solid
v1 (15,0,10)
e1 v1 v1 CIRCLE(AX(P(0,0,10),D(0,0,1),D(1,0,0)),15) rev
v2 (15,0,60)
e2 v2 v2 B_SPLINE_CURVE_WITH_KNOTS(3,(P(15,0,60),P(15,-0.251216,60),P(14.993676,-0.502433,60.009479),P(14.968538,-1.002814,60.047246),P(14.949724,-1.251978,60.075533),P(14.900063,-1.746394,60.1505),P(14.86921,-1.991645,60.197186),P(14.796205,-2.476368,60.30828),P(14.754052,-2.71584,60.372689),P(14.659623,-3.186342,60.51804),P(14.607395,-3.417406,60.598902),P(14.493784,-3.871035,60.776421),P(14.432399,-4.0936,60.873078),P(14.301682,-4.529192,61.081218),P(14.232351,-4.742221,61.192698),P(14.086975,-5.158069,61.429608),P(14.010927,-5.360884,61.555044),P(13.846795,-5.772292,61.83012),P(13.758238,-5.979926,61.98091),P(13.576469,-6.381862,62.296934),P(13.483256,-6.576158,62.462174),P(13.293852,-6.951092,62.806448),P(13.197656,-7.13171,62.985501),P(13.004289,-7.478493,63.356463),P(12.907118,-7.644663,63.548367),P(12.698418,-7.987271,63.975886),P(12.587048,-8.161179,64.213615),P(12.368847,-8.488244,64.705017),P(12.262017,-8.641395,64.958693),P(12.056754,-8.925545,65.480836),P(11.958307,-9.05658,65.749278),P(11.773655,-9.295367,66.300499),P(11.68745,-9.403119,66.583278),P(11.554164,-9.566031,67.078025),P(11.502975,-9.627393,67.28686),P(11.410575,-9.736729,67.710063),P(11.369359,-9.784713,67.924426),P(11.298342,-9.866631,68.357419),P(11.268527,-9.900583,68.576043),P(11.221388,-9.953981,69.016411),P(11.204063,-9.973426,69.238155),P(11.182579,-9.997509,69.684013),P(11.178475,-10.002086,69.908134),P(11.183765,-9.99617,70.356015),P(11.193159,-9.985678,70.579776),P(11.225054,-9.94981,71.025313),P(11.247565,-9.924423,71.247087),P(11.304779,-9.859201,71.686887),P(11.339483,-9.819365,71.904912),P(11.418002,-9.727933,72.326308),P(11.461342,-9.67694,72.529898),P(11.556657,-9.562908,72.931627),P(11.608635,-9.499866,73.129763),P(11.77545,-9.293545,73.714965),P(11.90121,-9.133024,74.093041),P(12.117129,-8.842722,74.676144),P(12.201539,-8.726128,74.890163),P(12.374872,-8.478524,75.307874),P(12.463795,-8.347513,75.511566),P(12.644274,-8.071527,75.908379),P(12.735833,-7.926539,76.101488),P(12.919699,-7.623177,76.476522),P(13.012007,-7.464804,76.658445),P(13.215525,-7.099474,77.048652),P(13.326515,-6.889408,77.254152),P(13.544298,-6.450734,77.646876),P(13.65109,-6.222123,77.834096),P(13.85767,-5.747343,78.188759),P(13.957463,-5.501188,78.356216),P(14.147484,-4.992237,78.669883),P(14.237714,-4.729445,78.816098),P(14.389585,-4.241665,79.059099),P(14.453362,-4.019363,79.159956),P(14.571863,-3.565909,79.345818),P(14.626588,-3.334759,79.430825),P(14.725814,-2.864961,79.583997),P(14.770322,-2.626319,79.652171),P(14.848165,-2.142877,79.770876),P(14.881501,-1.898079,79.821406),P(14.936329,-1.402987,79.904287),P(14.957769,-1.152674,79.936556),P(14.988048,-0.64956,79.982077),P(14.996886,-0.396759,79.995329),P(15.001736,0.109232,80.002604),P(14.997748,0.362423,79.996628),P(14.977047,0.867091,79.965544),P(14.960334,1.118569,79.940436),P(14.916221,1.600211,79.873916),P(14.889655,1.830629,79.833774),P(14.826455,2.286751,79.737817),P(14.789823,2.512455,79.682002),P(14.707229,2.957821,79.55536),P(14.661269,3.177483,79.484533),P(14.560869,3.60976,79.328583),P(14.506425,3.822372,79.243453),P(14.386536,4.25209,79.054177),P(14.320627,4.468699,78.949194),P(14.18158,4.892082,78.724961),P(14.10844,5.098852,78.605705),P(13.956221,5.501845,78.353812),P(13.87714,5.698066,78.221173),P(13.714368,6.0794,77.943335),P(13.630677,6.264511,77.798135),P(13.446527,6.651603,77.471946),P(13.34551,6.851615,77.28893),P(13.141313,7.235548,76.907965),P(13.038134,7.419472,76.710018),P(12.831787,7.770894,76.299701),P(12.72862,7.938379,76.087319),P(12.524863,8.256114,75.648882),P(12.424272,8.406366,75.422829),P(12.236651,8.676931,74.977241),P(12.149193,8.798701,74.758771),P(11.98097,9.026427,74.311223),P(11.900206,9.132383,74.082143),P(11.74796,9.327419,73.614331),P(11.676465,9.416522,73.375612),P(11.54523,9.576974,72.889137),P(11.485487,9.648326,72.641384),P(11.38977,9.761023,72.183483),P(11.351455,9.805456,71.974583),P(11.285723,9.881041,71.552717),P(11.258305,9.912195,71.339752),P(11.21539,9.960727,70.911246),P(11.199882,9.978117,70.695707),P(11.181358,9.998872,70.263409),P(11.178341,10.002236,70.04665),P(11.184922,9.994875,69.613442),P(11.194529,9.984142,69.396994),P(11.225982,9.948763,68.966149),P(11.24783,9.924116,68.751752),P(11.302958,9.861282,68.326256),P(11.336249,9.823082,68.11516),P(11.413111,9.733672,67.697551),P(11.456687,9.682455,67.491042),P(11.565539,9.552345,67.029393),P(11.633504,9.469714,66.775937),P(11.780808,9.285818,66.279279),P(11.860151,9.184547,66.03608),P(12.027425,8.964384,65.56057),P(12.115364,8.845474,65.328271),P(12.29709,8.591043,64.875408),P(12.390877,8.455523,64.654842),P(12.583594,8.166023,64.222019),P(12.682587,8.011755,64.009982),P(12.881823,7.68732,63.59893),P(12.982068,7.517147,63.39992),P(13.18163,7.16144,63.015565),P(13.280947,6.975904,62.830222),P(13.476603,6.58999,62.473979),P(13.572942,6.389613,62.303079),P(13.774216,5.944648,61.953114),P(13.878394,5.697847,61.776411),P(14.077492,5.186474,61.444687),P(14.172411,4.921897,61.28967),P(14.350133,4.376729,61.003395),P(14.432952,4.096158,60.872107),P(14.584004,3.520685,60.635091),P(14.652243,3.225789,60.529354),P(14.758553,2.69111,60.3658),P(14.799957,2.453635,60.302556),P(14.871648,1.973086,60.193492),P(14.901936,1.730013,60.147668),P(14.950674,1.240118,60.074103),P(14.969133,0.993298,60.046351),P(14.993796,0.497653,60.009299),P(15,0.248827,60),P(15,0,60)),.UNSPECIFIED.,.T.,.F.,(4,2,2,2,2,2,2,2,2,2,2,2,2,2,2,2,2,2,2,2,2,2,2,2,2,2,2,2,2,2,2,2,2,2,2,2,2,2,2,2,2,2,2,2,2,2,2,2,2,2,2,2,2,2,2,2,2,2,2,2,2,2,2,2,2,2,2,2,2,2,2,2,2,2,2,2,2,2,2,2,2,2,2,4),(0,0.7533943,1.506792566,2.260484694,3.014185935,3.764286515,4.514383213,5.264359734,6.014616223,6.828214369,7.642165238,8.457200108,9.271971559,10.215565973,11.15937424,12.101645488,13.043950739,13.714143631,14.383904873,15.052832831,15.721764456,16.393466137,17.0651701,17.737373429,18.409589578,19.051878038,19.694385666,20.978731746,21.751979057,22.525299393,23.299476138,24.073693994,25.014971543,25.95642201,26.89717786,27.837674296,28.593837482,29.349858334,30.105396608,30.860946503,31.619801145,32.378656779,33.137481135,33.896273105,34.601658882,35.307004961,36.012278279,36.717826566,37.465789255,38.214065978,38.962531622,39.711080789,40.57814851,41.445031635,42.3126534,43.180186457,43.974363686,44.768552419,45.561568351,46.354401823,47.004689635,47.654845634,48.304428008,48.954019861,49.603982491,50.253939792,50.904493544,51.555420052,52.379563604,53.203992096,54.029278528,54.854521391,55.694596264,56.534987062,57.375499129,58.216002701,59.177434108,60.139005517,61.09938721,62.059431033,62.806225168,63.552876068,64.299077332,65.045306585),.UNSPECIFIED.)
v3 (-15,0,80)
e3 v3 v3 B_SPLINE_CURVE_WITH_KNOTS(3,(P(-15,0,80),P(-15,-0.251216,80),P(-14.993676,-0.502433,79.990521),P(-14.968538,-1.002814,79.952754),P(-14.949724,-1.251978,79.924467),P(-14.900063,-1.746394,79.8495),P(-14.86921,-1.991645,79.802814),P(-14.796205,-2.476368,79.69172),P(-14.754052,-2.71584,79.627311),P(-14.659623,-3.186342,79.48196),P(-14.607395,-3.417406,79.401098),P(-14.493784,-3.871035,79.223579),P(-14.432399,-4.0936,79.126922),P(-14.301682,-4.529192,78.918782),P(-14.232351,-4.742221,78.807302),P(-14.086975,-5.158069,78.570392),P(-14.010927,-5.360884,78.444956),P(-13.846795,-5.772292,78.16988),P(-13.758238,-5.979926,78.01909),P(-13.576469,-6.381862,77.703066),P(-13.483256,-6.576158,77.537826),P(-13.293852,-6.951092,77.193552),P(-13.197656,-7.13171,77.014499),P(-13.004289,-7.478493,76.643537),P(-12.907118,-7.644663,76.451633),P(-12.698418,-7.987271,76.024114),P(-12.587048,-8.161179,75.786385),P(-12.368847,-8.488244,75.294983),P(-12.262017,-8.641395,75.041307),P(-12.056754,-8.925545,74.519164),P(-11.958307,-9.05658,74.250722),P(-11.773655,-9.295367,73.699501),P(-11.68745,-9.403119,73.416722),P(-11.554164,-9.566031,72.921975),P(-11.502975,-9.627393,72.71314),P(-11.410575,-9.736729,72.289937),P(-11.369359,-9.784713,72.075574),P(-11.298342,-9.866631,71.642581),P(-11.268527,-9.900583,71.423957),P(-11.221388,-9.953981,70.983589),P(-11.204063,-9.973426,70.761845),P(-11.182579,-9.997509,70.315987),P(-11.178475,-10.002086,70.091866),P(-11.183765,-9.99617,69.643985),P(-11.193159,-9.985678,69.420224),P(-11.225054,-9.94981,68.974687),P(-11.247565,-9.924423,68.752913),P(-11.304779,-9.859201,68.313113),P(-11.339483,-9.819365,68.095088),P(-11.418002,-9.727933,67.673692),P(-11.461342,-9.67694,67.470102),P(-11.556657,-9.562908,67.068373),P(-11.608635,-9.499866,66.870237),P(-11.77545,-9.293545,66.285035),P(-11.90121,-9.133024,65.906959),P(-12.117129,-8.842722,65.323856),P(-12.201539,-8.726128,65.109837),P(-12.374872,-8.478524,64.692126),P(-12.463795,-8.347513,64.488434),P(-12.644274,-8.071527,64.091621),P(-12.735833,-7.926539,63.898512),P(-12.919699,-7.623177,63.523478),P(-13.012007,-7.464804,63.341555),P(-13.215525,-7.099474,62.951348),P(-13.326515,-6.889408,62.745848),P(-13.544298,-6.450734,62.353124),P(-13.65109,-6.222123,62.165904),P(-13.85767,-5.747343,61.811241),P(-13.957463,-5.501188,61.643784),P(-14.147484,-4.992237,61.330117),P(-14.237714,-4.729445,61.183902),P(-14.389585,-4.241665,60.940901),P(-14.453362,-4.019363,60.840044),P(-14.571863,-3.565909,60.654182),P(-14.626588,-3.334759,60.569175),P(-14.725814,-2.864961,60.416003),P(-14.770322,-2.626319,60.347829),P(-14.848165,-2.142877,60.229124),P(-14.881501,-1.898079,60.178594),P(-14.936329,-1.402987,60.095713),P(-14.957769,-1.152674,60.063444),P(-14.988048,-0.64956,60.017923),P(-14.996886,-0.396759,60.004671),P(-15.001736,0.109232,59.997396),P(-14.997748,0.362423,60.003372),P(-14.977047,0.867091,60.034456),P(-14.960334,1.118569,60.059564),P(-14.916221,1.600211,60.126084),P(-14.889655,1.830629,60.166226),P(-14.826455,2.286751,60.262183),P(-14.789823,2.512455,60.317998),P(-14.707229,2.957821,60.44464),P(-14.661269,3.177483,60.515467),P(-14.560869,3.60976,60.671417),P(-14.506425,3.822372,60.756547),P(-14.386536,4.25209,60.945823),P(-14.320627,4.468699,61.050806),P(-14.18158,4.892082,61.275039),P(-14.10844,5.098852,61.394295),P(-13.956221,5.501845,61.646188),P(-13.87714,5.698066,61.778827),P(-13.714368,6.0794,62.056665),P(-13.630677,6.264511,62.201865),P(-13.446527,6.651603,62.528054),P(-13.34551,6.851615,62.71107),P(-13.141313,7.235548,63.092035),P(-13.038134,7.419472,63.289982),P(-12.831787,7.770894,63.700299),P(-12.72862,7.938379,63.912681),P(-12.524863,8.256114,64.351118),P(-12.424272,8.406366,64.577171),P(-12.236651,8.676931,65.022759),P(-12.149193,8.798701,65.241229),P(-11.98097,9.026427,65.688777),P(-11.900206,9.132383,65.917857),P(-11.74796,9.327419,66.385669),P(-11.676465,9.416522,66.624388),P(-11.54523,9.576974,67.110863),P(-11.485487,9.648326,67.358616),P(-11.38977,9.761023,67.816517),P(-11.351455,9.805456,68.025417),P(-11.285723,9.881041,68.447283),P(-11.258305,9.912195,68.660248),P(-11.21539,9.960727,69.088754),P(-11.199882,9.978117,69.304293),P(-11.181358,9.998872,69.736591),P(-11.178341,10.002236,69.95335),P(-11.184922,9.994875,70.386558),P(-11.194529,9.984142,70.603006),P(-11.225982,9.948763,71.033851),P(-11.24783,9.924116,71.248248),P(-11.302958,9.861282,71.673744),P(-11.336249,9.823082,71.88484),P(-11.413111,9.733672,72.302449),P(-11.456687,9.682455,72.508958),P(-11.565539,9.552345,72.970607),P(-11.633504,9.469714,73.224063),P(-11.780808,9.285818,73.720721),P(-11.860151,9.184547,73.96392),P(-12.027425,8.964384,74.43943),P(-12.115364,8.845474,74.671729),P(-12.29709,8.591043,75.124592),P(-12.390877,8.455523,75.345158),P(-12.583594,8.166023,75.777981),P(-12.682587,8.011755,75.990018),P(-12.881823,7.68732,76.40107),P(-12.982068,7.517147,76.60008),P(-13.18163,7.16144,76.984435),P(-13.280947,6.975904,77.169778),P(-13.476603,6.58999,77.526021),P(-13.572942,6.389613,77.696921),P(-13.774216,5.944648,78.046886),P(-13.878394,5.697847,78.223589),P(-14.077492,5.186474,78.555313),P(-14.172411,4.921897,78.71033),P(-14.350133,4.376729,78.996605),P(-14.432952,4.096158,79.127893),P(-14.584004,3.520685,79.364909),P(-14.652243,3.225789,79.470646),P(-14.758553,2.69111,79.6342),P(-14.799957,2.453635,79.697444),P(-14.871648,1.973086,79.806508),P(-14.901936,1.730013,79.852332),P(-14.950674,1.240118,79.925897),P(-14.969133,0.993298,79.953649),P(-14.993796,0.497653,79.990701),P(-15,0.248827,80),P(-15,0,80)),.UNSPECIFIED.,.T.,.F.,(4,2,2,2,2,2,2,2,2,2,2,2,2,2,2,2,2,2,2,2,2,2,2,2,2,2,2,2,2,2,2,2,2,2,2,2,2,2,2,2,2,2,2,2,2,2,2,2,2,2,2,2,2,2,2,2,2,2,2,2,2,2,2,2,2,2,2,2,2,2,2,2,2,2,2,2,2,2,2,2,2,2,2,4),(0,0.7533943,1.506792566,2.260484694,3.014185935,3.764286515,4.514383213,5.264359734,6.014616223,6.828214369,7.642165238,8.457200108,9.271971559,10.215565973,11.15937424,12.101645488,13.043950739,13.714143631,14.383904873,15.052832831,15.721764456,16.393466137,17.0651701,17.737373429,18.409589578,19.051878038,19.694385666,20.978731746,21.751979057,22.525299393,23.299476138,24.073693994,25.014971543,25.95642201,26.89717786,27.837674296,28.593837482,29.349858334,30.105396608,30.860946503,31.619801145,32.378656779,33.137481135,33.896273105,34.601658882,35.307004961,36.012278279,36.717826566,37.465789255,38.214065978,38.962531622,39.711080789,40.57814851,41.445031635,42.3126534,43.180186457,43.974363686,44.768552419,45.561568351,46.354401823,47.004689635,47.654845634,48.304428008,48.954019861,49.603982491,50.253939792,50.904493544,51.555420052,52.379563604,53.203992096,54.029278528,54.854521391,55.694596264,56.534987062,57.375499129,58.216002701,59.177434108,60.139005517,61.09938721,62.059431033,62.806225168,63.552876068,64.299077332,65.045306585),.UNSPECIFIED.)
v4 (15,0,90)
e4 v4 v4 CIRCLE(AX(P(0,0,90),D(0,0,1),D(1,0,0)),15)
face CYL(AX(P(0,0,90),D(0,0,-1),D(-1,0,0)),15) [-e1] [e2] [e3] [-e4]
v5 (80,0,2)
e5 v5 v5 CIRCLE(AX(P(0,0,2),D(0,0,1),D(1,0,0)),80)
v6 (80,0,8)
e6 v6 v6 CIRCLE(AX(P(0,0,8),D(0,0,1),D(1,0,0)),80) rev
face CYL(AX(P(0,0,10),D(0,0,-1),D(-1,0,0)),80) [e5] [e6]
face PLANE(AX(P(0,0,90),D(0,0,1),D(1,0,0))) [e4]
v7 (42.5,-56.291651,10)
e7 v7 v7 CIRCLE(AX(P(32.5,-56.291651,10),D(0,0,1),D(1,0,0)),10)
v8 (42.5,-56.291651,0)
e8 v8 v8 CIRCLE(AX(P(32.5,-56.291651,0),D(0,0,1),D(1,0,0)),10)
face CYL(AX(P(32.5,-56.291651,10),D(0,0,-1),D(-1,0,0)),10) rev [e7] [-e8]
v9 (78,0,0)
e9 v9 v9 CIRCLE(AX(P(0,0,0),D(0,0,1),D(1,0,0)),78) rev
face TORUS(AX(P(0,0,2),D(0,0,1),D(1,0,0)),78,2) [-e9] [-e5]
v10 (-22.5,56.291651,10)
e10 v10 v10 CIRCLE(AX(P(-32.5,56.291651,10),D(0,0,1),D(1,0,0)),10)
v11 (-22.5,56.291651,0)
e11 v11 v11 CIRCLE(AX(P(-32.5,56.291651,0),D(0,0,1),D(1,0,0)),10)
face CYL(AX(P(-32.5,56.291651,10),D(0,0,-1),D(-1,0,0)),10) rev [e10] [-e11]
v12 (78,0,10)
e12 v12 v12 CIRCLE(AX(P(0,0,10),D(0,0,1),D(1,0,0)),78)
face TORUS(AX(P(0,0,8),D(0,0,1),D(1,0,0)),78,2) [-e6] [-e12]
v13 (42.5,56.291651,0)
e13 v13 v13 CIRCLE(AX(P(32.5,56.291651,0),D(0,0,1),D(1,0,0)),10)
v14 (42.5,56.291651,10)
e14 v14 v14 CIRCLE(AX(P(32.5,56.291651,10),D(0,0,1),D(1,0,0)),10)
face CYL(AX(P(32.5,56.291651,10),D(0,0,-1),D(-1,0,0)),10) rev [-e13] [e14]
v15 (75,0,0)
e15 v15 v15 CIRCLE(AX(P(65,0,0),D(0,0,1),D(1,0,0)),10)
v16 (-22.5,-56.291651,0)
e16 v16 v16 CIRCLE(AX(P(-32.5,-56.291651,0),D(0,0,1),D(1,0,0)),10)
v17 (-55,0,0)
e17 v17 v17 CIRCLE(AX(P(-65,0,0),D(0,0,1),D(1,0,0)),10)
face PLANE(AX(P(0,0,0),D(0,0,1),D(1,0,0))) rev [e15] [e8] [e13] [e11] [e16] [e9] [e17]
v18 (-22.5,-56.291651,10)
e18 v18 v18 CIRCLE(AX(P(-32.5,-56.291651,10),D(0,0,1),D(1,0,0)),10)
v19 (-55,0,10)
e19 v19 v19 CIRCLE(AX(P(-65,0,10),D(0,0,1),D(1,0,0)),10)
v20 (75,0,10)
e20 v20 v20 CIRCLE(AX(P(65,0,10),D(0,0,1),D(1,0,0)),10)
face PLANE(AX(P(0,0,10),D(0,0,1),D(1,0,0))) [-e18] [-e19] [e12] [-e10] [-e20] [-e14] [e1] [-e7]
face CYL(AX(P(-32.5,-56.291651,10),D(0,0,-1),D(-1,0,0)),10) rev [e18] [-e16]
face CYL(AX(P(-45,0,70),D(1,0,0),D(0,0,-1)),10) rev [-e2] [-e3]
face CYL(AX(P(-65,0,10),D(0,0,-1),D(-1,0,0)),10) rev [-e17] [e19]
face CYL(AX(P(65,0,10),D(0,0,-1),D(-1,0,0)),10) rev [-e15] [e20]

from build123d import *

# Parameters (mm, degrees)
SKETCH_1_R          = 80
SKETCH_1_R_2        = 10
EXTRUDE_1_DEPTH     = 10
SKETCH_3_R          = 15
EXTRUDE_4_DEPTH     = 90
SKETCH_4_R          = 10
CUT_EXTRUDE_3_DEPTH = 45
FILLET_1_R          = 2


with BuildPart() as part:
    # 草图1 → 凸台-拉伸1 (new body)
    with BuildSketch(Plane.XY):
        Circle(SKETCH_1_R)
        with Locations((-65, 0)):
            Circle(SKETCH_1_R_2, mode=Mode.SUBTRACT)
        with Locations((-32.5, 56.291651246)):
            Circle(SKETCH_1_R_2, mode=Mode.SUBTRACT)
        with Locations((32.5, 56.291651246)):
            Circle(SKETCH_1_R_2, mode=Mode.SUBTRACT)
        with Locations((65, 0)):
            Circle(SKETCH_1_R_2, mode=Mode.SUBTRACT)
        with Locations((32.5, -56.291651246)):
            Circle(SKETCH_1_R_2, mode=Mode.SUBTRACT)
        with Locations((-32.5, -56.291651246)):
            Circle(SKETCH_1_R_2, mode=Mode.SUBTRACT)
    extrude(amount=EXTRUDE_1_DEPTH)

    # 草图3 → 凸台-拉伸4 (add)
    with BuildSketch(Plane.XY):
        with Locations(Location((0, 0, 0), (0, 0, 180))):
            Circle(SKETCH_3_R)
    extrude(amount=EXTRUDE_4_DEPTH)

    # 草图4 → 切除-拉伸3 (cut, symmetric)
    with BuildSketch(Plane(origin=(0, 0, 0), x_dir=(0, 0, -1), z_dir=(1, 0, 0))):
        with Locations(Location((-70, 0, 0), (0, 0, 180))):
            Circle(SKETCH_4_R)
    extrude(amount=CUT_EXTRUDE_3_DEPTH, both=True, mode=Mode.SUBTRACT)

    # 圆角1
    fillet_1_edges = [part.edges().sort_by_distance(p)[0] for p in [
        (-80, 0, 0),
        (-80, 0, 10),
    ]]
    fillet(fillet_1_edges, radius=FILLET_1_R)


solid = part.part
